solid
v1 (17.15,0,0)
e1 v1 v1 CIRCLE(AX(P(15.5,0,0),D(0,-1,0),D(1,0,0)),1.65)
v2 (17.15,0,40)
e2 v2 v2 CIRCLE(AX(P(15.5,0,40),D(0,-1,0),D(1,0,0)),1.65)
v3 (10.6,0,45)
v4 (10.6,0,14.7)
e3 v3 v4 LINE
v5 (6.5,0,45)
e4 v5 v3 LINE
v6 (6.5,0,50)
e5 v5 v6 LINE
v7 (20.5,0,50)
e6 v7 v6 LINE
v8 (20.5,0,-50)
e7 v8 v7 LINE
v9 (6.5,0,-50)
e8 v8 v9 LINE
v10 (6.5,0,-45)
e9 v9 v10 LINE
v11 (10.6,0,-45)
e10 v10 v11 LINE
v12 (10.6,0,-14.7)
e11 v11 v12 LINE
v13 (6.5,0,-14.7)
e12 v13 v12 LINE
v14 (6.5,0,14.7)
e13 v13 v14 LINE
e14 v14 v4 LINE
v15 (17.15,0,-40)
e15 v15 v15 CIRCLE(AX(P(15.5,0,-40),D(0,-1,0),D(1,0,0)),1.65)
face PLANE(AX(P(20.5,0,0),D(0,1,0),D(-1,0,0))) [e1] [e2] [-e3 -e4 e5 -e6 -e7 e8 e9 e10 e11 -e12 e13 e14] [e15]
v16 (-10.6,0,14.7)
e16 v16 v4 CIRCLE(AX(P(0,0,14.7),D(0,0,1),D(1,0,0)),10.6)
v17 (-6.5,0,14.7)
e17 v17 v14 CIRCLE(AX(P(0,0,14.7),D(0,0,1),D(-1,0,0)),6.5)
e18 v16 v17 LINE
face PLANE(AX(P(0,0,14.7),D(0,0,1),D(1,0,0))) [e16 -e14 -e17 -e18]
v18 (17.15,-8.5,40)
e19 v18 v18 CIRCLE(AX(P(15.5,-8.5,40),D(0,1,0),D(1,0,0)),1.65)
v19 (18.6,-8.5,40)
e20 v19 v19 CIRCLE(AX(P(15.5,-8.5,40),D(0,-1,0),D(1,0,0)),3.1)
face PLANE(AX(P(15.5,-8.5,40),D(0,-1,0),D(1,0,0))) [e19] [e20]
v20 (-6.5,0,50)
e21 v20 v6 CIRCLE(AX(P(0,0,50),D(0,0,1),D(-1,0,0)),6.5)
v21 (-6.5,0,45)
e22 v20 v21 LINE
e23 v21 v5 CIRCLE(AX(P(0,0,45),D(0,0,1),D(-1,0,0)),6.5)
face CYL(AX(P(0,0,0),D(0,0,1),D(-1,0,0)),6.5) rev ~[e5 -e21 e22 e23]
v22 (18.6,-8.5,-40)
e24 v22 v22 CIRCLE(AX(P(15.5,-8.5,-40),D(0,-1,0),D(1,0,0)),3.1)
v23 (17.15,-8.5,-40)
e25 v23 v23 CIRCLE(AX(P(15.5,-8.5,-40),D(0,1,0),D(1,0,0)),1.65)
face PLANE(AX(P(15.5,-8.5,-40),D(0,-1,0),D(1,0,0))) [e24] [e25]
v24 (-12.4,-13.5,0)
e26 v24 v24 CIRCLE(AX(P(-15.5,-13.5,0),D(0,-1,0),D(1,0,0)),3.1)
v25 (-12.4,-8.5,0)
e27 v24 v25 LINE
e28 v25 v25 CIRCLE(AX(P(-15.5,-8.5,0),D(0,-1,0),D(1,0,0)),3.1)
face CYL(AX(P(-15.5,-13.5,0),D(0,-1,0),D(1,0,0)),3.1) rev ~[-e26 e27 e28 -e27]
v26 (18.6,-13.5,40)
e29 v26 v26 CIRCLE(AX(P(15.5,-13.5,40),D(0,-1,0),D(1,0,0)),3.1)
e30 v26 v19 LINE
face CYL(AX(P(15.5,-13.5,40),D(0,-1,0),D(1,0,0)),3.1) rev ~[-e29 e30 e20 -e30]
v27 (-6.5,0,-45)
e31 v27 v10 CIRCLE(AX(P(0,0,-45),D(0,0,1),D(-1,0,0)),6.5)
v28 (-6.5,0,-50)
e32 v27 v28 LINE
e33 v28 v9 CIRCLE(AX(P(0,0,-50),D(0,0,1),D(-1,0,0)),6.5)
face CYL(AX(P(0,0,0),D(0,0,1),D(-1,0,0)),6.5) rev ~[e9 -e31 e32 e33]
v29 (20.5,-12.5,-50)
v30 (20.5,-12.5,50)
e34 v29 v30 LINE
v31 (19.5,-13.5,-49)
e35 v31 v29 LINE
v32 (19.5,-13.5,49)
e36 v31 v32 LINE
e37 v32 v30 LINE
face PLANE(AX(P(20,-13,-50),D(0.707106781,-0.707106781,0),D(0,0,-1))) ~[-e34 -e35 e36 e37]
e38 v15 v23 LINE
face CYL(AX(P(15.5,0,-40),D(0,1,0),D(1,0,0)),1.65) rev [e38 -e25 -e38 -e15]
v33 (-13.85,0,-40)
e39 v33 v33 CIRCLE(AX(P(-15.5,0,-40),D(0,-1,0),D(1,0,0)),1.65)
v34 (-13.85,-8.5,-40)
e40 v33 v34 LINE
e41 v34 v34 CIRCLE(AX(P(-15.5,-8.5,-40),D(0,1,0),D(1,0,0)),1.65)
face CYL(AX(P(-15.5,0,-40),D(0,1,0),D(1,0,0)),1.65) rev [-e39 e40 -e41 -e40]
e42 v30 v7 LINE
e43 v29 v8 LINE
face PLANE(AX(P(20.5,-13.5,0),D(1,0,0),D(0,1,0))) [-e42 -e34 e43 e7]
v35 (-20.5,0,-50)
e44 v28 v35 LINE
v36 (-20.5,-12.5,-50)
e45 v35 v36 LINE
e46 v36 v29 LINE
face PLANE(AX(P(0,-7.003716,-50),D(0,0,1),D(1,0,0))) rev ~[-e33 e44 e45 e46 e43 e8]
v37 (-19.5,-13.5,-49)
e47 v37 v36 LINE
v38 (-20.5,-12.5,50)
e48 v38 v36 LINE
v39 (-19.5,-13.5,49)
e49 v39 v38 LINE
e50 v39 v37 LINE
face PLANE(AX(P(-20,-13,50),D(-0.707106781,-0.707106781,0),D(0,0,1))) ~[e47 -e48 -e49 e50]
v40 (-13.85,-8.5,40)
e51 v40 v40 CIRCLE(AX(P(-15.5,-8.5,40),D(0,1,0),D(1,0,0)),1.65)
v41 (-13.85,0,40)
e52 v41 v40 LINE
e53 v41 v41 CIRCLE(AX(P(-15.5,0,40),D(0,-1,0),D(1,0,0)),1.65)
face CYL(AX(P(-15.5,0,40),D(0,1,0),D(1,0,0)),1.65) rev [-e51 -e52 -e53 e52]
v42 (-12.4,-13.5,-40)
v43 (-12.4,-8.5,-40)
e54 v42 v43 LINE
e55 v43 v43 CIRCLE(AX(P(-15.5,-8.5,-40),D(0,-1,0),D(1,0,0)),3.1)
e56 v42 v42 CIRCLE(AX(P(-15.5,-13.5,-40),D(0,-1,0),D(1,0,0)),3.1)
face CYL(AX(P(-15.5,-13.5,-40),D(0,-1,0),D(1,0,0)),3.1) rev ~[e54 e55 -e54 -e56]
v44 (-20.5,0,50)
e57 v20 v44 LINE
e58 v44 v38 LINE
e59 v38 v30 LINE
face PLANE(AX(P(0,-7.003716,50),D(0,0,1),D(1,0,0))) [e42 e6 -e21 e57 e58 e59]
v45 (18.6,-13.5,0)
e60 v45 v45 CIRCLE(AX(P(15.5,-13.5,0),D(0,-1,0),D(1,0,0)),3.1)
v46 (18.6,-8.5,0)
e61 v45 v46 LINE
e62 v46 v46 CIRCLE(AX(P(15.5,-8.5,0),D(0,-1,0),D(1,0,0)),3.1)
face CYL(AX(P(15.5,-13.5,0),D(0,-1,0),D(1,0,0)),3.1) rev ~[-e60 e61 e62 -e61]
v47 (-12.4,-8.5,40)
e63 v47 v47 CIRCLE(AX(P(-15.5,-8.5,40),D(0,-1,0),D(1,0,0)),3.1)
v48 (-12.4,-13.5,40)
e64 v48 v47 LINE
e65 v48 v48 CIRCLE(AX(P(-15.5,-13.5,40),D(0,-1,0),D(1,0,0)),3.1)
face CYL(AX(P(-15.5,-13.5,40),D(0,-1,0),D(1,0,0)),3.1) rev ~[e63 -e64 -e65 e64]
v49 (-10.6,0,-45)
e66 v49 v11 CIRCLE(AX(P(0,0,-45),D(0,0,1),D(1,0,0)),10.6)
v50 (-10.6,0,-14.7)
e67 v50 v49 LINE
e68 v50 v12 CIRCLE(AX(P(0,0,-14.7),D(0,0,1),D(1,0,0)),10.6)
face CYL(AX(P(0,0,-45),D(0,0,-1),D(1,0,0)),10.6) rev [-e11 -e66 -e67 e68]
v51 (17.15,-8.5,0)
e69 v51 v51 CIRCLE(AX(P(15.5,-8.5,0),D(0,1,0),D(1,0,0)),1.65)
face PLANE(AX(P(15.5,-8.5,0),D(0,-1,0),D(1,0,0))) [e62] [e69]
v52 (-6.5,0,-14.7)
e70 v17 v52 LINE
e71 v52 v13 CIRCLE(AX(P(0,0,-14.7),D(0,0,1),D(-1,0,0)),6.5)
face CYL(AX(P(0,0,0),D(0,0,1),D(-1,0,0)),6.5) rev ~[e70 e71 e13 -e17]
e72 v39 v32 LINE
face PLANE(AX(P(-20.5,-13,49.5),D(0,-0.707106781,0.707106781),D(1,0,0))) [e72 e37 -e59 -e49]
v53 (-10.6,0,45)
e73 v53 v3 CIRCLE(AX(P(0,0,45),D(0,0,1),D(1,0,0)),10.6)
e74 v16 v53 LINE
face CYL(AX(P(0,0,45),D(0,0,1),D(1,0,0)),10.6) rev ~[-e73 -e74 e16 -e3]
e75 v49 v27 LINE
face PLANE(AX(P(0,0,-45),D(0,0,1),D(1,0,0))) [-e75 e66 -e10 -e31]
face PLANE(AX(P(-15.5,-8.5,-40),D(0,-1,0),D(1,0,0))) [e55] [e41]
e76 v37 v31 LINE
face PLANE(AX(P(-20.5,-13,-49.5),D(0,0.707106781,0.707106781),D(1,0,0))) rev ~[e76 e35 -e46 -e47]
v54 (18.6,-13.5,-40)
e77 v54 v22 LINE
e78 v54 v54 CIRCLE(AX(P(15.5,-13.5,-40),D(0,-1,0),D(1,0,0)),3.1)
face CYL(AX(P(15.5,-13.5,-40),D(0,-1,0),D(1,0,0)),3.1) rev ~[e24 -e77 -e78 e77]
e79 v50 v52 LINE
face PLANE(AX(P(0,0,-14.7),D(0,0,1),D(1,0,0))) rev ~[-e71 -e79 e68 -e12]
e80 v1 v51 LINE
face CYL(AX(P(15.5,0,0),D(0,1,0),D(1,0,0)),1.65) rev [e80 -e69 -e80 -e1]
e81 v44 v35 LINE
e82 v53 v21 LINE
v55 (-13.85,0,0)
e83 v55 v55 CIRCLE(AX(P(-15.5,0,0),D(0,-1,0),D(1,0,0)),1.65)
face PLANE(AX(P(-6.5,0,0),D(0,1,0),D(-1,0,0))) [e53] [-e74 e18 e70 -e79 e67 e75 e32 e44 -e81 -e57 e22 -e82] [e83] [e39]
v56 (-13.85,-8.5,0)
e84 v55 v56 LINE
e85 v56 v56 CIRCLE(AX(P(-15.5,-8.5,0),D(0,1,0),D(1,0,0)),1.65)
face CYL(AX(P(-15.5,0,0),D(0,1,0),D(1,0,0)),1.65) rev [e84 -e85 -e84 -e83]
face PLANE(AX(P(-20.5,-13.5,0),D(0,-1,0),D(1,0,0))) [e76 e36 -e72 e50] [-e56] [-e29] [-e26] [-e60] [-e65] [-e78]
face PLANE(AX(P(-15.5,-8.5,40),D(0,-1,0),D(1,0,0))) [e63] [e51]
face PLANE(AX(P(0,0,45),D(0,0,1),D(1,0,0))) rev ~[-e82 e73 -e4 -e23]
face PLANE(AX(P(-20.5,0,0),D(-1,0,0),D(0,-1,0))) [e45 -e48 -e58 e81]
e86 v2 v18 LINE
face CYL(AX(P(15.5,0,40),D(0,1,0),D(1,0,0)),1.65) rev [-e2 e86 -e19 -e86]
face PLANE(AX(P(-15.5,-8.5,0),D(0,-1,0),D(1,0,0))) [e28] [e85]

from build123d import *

# Parameters (mm, degrees)
PAD_DEPTH       = 50
SKETCH001_R     = 1.65
POCKET_DEPTH    = 13.501
SKETCH002_R     = 3.1
POCKET001_DEPTH = 5
SKETCH003_R     = 10.6
POCKET002_DEPTH = 30.3
SKETCH004_R     = 10.6
POCKET003_DEPTH = 30.3
CHAMFER_SIZE    = 1


with BuildPart() as part:
    # Sketch → Pad (new body, symmetric)
    with BuildSketch(Plane.XY):
        with BuildLine():
            Line((-20.5, -13.5), (20.5, -13.5))
            Line((20.5, -13.5), (20.5, 0))
            Line((20.5, 0), (6.5, 0))
            ThreePointArc((-6.5, 0), (0, -6.5), (6.5, 0))
            Line((-6.5, 0), (-20.5, 0))
            Line((-20.5, 0), (-20.5, -13.5))
        make_face()
    extrude(amount=PAD_DEPTH, both=True)

    # Sketch001 → Pocket (cut, through all)
    with BuildSketch(Plane.XZ):
        with Locations((-15.5, 40)):
            Circle(SKETCH001_R)
        with Locations((-15.5, 0)):
            Circle(SKETCH001_R)
        with Locations((-15.5, -40)):
            Circle(SKETCH001_R)
        with Locations((15.5, -40)):
            Circle(SKETCH001_R)
        with Locations((15.5, 0)):
            Circle(SKETCH001_R)
        with Locations((15.5, 40)):
            Circle(SKETCH001_R)
    extrude(amount=POCKET_DEPTH, mode=Mode.SUBTRACT)

    # Sketch002 (on Face1 of Pocket) → Pocket001 (cut)
    with BuildSketch(Plane.XZ.offset(13.5)):
        with Locations((-15.5, 40)):
            Circle(SKETCH002_R)
        with Locations((15.5, 40)):
            Circle(SKETCH002_R)
        with Locations((15.5, 0)):
            Circle(SKETCH002_R)
        with Locations((-15.5, 0)):
            Circle(SKETCH002_R)
        with Locations((-15.5, -40)):
            Circle(SKETCH002_R)
        with Locations((15.5, -40)):
            Circle(SKETCH002_R)
    extrude(amount=-POCKET001_DEPTH, mode=Mode.SUBTRACT)

    # Sketch003 (on DatumPlane) → Pocket002 (cut)
    with BuildSketch(Plane.XY.offset(45)):
        Circle(SKETCH003_R)
    extrude(amount=-POCKET002_DEPTH, mode=Mode.SUBTRACT)

    # Sketch004 (on DatumPlane) → Pocket003 (cut)
    with BuildSketch(Plane.XY.offset(-45)):
        Circle(SKETCH004_R)
    extrude(amount=POCKET003_DEPTH, mode=Mode.SUBTRACT)

    # Chamfer
    chamfer_edges = [part.edges().sort_by_distance(p)[0] for p in [
        (20.5, -13.5, 0),
        (0, -13.5, 50),
        (-20.5, -13.5, 0),
        (0, -13.5, -50),
    ]]
    chamfer(chamfer_edges, length=CHAMFER_SIZE)


solid = part.part
